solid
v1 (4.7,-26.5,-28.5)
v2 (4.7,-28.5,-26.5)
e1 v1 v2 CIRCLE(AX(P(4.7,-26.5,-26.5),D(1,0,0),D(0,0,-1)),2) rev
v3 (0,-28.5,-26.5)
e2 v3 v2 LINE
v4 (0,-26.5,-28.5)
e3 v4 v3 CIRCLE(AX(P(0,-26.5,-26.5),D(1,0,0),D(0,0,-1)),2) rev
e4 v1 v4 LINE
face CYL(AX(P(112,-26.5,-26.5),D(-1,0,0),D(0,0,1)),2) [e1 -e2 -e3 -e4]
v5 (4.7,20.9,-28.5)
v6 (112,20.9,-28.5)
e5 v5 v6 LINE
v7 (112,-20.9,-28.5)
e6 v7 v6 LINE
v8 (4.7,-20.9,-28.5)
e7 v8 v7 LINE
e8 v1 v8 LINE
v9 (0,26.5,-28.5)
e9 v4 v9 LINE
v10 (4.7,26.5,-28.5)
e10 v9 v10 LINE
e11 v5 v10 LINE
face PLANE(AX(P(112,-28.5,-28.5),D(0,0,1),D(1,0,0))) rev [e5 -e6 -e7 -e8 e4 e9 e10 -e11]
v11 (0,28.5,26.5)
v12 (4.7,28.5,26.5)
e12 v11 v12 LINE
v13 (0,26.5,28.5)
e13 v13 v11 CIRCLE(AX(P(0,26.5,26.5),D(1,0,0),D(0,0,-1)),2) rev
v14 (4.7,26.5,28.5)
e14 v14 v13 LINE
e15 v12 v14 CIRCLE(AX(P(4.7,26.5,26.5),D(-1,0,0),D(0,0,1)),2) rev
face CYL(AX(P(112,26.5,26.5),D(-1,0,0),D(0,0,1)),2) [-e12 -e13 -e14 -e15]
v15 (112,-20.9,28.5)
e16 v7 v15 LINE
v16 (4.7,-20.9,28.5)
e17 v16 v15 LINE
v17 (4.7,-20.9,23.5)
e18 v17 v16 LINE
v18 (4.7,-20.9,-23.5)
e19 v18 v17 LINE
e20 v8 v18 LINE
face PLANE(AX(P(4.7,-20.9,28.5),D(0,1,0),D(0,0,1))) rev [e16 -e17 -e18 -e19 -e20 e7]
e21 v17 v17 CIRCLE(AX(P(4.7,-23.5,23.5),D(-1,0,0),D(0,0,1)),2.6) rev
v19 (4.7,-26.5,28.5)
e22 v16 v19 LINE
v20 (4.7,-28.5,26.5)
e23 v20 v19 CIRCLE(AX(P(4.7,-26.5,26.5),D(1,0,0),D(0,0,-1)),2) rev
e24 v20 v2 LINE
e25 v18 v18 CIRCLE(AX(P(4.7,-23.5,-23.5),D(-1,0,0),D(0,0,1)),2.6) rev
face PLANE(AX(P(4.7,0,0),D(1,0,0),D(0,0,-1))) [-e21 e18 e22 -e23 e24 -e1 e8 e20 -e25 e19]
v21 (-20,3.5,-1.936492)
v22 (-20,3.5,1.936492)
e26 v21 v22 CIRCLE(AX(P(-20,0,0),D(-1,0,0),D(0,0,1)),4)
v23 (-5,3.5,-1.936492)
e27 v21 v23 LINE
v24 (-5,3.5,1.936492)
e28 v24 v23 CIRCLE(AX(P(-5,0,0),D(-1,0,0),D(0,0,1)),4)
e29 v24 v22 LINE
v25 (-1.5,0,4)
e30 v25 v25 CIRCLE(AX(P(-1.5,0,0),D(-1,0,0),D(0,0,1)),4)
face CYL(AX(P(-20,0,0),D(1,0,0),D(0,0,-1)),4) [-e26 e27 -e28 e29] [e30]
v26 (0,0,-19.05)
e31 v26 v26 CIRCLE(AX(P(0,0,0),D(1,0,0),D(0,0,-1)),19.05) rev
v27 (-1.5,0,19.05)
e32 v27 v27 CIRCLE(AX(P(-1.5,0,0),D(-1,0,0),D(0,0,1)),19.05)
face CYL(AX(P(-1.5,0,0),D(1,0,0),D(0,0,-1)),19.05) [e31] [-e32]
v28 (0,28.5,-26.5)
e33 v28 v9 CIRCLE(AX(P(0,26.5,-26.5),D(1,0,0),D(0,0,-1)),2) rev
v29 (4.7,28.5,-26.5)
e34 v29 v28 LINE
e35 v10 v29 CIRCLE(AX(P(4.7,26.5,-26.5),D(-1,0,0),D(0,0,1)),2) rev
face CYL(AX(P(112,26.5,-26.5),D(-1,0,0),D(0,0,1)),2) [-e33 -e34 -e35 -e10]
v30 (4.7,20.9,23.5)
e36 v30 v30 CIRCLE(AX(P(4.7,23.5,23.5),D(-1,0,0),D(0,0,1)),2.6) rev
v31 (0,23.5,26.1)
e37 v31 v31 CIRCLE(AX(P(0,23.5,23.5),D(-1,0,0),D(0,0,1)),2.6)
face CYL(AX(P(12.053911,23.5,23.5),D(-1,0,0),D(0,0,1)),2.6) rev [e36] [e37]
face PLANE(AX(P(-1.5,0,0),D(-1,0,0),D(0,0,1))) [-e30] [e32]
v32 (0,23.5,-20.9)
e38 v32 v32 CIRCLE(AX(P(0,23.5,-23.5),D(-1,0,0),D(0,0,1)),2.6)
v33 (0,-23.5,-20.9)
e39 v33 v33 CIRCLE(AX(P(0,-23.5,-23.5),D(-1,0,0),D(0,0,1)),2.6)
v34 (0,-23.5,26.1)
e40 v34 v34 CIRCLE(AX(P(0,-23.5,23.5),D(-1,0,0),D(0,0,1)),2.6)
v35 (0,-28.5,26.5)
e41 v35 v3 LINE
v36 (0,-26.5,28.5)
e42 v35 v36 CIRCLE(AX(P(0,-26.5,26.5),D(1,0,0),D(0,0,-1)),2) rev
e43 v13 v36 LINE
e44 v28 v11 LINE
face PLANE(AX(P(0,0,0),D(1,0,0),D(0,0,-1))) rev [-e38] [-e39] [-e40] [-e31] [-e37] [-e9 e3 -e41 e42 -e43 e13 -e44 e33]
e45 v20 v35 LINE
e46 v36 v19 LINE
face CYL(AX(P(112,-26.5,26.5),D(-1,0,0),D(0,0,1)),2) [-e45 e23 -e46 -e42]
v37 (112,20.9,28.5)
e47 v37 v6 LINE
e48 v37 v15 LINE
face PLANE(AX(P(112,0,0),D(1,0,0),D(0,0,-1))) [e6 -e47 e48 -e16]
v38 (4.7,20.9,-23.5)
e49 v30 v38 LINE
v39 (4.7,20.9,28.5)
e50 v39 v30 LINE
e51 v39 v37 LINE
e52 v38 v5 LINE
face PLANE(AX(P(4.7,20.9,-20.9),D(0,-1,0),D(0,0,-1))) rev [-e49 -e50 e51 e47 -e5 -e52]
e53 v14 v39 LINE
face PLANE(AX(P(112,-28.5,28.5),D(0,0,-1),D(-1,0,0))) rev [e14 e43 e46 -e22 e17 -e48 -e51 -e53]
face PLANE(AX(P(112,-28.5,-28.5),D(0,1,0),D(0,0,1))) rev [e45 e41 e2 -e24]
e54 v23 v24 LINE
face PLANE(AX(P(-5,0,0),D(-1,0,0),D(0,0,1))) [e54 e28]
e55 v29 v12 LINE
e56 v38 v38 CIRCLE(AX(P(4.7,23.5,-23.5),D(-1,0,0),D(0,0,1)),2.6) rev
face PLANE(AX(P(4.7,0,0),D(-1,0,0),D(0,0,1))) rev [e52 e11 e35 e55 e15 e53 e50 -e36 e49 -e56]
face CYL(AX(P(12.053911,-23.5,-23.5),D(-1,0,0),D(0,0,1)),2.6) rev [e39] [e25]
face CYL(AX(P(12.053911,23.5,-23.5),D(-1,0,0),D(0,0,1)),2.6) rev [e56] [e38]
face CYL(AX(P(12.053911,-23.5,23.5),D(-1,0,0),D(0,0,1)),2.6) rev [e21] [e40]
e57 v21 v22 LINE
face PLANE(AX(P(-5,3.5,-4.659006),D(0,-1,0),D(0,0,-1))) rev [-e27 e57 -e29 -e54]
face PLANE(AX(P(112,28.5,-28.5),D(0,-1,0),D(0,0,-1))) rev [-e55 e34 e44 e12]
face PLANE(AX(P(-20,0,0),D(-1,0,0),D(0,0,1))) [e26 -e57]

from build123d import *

# Parameters (mm, degrees)
SKETCH_1_W          = 57
SKETCH_1_H          = 57
EXTRUDE_1_DEPTH     = 112
FILLET_1_R          = 2
CUT_EXTRUDE_2_DEPTH = 107.3
SKETCH_6_R          = 4
EXTRUDE_2_DEPTH     = 20
SKETCH_7_W          = 9.44271558
SKETCH_7_H          = 0.5
CUT_EXTRUDE_3_DEPTH = 15
SKETCH_2_R          = 19.05
EXTRUDE_3_DEPTH     = 1.5
SKETCH_8_R          = 2.6
CUT_EXTRUDE_4_DEPTH = 4.7


with BuildPart() as part:
    # 草图1 → 凸台-拉伸1 (new body)
    with BuildSketch(Plane(origin=(0, 0, 0), x_dir=(0, 0, -1), z_dir=(1, 0, 0))):
        Rectangle(SKETCH_1_W, SKETCH_1_H)
    extrude(amount=EXTRUDE_1_DEPTH)

    # 圆角1
    fillet_1_edges = [part.edges().sort_by_distance(p)[0] for p in [
        (56, 28.5, 28.5),
        (56, 28.5, -28.5),
        (56, -28.5, -28.5),
        (56, -28.5, 28.5),
    ]]
    fillet(fillet_1_edges, radius=FILLET_1_R)

    # 草图5 → 切除-拉伸2 (cut)
    with BuildSketch(Plane(origin=(112, 0, 0), x_dir=(0, 0, -1), z_dir=(1, 0, 0))):
        Polygon((-20.9, 20.9), (20.9, 20.9), (28.5, 20.9), (28.5, 28.5), (-28.5, 28.5), (-28.5, 20.9), align=None)
        Polygon((-28.5, -28.5), (28.5, -28.5), (28.5, -20.9), (20.9, -20.9), (-20.9, -20.9), (-28.5, -20.9), align=None)
    extrude(amount=-CUT_EXTRUDE_2_DEPTH, mode=Mode.SUBTRACT)

    # 草图6 → 凸台-拉伸2 (add)
    with BuildSketch(Plane.ZY):
        with Locations(Location((0, 0, 0), (0, 0, 180))):
            Circle(SKETCH_6_R)
    extrude(amount=EXTRUDE_2_DEPTH)

    # 草图7 → 切除-拉伸3 (cut)
    with BuildSketch(Plane.ZY.offset(20)):
        with Locations((0.062351887, 3.75)):
            Rectangle(SKETCH_7_W, SKETCH_7_H)
    extrude(amount=-CUT_EXTRUDE_3_DEPTH, mode=Mode.SUBTRACT)

    # 草图2 → 凸台-拉伸3 (add)
    with BuildSketch(Plane.ZY):
        with Locations(Location((0, 0, 0), (0, 0, 180))):
            Circle(SKETCH_2_R)
    extrude(amount=EXTRUDE_3_DEPTH)

    # 草图8 → 切除-拉伸4 (cut)
    with BuildSketch(Plane.ZY):
        with Locations((-23.5, 23.5)):
            Circle(SKETCH_8_R)
        with Locations((23.5, 23.5)):
            Circle(SKETCH_8_R)
        with Locations((-23.5, -23.5)):
            Circle(SKETCH_8_R)
        with Locations((23.5, -23.5)):
            Circle(SKETCH_8_R)
    extrude(amount=-CUT_EXTRUDE_4_DEPTH, mode=Mode.SUBTRACT)


solid = part.part
